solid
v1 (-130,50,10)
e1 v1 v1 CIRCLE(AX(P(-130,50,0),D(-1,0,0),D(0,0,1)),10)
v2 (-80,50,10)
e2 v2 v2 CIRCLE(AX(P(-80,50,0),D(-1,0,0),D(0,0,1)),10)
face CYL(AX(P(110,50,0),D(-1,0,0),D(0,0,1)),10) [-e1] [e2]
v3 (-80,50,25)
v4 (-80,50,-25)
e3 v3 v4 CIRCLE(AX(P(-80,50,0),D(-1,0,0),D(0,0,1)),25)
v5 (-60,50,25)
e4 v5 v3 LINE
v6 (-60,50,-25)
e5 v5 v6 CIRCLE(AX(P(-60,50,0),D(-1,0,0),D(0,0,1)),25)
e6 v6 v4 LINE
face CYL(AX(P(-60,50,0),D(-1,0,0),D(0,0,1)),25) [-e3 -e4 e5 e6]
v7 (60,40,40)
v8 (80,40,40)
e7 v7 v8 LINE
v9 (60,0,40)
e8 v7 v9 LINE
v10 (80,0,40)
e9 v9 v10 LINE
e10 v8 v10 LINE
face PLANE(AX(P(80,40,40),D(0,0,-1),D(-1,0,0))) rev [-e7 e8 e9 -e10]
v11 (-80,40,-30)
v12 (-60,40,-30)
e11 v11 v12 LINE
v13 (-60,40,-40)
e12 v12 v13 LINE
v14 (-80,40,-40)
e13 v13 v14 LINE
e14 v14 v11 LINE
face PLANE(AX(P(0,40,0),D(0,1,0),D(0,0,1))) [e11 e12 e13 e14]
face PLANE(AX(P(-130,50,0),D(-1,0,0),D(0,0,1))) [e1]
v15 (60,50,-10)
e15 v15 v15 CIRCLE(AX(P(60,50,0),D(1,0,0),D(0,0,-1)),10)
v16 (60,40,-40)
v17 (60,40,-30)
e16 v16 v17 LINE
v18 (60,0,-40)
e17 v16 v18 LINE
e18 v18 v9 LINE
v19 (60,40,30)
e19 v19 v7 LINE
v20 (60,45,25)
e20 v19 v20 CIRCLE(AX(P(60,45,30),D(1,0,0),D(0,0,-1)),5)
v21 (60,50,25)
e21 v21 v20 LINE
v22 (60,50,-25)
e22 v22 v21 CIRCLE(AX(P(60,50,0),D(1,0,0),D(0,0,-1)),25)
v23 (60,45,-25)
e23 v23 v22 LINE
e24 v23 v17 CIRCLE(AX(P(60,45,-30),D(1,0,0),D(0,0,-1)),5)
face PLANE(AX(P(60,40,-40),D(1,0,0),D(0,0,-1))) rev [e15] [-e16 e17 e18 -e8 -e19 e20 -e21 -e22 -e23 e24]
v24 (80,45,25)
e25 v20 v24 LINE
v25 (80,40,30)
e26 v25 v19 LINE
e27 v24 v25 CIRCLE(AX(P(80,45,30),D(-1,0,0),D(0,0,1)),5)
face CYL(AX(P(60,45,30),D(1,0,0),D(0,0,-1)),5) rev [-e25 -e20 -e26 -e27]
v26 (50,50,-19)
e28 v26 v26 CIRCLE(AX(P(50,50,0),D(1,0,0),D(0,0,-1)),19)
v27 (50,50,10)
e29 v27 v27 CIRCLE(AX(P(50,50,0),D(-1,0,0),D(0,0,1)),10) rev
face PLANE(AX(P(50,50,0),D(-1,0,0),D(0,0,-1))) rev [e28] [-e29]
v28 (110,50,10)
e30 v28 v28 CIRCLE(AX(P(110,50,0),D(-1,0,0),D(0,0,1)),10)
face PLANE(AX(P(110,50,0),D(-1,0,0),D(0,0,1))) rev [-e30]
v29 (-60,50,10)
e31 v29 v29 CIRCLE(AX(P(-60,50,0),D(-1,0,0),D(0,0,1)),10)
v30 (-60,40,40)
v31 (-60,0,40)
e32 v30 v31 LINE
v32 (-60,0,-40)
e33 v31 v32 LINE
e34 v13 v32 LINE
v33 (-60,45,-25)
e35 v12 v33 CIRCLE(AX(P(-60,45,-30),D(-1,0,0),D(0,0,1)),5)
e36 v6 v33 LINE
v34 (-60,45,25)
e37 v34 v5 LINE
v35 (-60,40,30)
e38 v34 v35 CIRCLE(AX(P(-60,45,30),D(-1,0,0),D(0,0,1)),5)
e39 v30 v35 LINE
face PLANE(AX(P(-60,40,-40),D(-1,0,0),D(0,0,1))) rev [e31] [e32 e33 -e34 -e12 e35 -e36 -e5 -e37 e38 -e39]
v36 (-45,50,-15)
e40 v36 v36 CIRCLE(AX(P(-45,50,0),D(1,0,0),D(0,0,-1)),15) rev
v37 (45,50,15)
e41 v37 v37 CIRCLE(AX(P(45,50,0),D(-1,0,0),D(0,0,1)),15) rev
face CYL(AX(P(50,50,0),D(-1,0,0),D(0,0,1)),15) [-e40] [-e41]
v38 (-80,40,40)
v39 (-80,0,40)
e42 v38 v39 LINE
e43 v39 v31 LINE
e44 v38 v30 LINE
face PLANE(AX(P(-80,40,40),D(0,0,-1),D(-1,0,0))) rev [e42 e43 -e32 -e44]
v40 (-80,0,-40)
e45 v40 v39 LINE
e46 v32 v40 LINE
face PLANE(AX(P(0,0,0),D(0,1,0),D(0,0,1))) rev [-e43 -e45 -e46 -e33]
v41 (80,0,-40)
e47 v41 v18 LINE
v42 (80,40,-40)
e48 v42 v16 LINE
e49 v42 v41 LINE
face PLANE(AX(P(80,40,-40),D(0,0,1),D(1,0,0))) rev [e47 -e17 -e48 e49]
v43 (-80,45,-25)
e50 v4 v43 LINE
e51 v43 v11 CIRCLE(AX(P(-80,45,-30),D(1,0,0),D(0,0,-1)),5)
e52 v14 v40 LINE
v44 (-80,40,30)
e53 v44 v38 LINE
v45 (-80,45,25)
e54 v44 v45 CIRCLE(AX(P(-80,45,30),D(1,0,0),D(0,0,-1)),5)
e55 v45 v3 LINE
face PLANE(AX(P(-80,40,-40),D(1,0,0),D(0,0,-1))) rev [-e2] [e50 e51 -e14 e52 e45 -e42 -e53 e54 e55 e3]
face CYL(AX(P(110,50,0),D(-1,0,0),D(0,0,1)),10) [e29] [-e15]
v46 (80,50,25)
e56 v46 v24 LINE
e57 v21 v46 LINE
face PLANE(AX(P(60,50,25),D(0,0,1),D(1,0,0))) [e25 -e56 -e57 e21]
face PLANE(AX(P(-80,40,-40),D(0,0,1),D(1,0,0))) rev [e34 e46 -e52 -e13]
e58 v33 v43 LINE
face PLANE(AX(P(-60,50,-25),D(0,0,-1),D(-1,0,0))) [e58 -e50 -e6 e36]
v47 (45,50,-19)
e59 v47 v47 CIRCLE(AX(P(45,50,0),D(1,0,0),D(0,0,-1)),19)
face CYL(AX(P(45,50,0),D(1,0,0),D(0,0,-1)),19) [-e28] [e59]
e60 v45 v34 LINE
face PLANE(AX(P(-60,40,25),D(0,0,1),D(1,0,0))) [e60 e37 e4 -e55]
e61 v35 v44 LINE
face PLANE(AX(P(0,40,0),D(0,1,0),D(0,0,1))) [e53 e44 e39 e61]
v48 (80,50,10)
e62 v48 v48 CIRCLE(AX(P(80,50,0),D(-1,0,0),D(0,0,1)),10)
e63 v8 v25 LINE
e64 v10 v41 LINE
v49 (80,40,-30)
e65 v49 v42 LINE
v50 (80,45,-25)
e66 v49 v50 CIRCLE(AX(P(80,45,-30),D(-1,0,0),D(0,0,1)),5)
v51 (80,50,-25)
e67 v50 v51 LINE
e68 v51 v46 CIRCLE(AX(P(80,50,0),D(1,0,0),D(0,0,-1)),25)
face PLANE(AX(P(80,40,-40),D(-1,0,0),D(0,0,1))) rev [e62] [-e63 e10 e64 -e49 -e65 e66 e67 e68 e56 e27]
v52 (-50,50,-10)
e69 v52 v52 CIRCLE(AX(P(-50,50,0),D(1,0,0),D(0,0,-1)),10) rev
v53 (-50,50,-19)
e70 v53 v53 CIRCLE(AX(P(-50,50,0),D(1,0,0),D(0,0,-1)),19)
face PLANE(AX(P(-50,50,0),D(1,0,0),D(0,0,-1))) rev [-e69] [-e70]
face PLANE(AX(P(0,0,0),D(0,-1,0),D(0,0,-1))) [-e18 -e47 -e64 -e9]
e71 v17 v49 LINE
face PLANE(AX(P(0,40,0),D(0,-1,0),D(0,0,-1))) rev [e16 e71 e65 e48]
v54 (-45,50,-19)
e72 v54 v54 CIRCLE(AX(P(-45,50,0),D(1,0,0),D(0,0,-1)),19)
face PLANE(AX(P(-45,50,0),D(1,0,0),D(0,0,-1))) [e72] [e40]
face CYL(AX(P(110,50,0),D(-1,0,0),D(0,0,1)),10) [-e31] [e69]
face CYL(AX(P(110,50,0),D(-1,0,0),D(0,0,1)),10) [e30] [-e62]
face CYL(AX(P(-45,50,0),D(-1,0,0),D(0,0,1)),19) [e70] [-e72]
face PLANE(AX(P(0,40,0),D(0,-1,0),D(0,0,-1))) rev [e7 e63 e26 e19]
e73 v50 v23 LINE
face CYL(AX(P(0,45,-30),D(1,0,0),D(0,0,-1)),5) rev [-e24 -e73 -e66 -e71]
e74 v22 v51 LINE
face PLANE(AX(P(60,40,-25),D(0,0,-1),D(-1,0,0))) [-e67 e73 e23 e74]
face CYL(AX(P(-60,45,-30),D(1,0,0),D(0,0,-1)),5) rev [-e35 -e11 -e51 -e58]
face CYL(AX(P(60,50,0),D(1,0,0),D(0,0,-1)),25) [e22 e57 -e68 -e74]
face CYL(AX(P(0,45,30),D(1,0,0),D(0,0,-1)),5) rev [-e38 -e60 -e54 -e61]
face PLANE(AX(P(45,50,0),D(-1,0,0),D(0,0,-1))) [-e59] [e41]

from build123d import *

# Parameters (mm, degrees)
SKETCH1_W                = 20
SKETCH1_H                = 80
BOSS_EXTRUDE1_DEPTH      = 40
BOSS_EXTRUDE1_2_DEPTH    = 40
BOSS_EXTRUDE2_START      = -20
BOSS_EXTRUDE2_DEPTH      = 20
BOSS_EXTRUDE3_START      = -20
BOSS_EXTRUDE3_DEPTH      = 20
SKETCH5_R                = 10
CUT_EXTRUDE2_DEPTH       = 170
FILLET2_R                = 5
FILLET3_R                = 5
BOSS_EXTRUDE4_DEPTH      = 50
BOSS_EXTRUDE4_DEPTH_BACK = 190
SKETCH6_R                = 10
SKETCH10_R               = 19
BOSS_EXTRUDE6_DEPTH      = 5
SKETCH11_R               = 15
BOSS_EXTRUDE7_DEPTH      = 100


with BuildPart() as part:
    # Sketch1 → Boss-Extrude1 (new body)
    with BuildSketch(Plane(origin=(0, 0, 0), x_dir=(1, 0, 0), z_dir=(0, 1, 0))):
        with Locations((70, 0)):
            Rectangle(SKETCH1_W, SKETCH1_H)
    extrude(amount=BOSS_EXTRUDE1_DEPTH)

    # Sketch4 → Boss-Extrude3 (add)
    with BuildSketch(Plane(origin=(80, 0, 0), x_dir=(0, 0, -1), z_dir=(1, 0, 0)).offset(BOSS_EXTRUDE3_START)):
        with BuildLine():
            Line((-25, 50), (-25, 40))
            Line((-25, 40), (25, 40))
            Line((25, 40), (25, 50))
            ThreePointArc((25, 50), (0, 75), (-25, 50))
        make_face()
    extrude(amount=BOSS_EXTRUDE3_DEPTH)


with BuildPart() as body_2:
    # Sketch1 → Boss-Extrude1 2 (new body)
    with BuildSketch(Plane(origin=(0, 0, 0), x_dir=(1, 0, 0), z_dir=(0, 1, 0))):
        with Locations((-70, 0)):
            Rectangle(SKETCH1_W, SKETCH1_H)
    extrude(amount=BOSS_EXTRUDE1_2_DEPTH)

    # Sketch2 → Boss-Extrude2 (add)
    with BuildSketch(Plane.ZY.offset(80).offset(BOSS_EXTRUDE2_START)):
        with BuildLine():
            Line((-25, 50), (-25, 40))
            Line((-25, 40), (25, 40))
            Line((25, 40), (25, 50))
            ThreePointArc((25, 50), (0, 75), (-25, 50))
        make_face()
    extrude(amount=BOSS_EXTRUDE2_DEPTH)


with BuildPart() as cut_extrude2_tool:
    # Sketch5 → Cut-Extrude2 (new body)
    with BuildSketch(Plane.ZY.offset(80)):
        with Locations((0, 50)):
            Circle(SKETCH5_R)
    extrude(amount=-CUT_EXTRUDE2_DEPTH)


with BuildPart() as part_1:
    add(part.part)

    # Cut-Extrude2: cut by cut_extrude2_tool
    add(cut_extrude2_tool.part, mode=Mode.SUBTRACT)

    # Fillet3
    fillet3_edges = [part_1.edges().sort_by_distance(p)[0] for p in [
        (70, 40, -25),
        (70, 40, 25),
    ]]
    fillet(fillet3_edges, radius=FILLET3_R)



with BuildPart() as body_2_1:
    add(body_2.part)

    # Cut-Extrude2: cut by cut_extrude2_tool
    add(cut_extrude2_tool.part, mode=Mode.SUBTRACT)

    # Fillet2
    fillet2_edges = [body_2_1.edges().sort_by_distance(p)[0] for p in [
        (-70, 40, 25),
        (-70, 40, -25),
    ]]
    fillet(fillet2_edges, radius=FILLET2_R)


with BuildPart() as part_2:
    add(part_1.part)

    add(body_2_1.part)  # Boss-Extrude4 merges body 2
    # Sketch6 → Boss-Extrude4 (add, two sides: drawn at the far end of the back side and taken through both)
    with BuildSketch(Plane.ZY.offset(80).offset(-BOSS_EXTRUDE4_DEPTH_BACK)):
        with Locations((0, 50)):
            Circle(SKETCH6_R)
    extrude(amount=BOSS_EXTRUDE4_DEPTH + BOSS_EXTRUDE4_DEPTH_BACK)

    # Sketch10 → Boss-Extrude6 (add)
    with BuildSketch(Plane(origin=(-50, 0, 0), x_dir=(0, 0, -1), z_dir=(1, 0, 0))):
        with Locations((0, 50)):
            Circle(SKETCH10_R)
    boss_extrude6 = extrude(amount=BOSS_EXTRUDE6_DEPTH)

    # Mirror9: Boss-Extrude6 across plane
    add(boss_extrude6.mirror(Plane(origin=(0, 0, 0), x_dir=(0, 0, 1), z_dir=(1, 0, 0))))

    # Sketch11 → Boss-Extrude7 (add)
    with BuildSketch(Plane(origin=(-50, 0, 0), x_dir=(0, 0, -1), z_dir=(1, 0, 0))):
        with Locations(Location((0, 50, 0), (0, 0, 180))):
            Circle(SKETCH11_R)
    extrude(amount=BOSS_EXTRUDE7_DEPTH)


solid = part_2.part
